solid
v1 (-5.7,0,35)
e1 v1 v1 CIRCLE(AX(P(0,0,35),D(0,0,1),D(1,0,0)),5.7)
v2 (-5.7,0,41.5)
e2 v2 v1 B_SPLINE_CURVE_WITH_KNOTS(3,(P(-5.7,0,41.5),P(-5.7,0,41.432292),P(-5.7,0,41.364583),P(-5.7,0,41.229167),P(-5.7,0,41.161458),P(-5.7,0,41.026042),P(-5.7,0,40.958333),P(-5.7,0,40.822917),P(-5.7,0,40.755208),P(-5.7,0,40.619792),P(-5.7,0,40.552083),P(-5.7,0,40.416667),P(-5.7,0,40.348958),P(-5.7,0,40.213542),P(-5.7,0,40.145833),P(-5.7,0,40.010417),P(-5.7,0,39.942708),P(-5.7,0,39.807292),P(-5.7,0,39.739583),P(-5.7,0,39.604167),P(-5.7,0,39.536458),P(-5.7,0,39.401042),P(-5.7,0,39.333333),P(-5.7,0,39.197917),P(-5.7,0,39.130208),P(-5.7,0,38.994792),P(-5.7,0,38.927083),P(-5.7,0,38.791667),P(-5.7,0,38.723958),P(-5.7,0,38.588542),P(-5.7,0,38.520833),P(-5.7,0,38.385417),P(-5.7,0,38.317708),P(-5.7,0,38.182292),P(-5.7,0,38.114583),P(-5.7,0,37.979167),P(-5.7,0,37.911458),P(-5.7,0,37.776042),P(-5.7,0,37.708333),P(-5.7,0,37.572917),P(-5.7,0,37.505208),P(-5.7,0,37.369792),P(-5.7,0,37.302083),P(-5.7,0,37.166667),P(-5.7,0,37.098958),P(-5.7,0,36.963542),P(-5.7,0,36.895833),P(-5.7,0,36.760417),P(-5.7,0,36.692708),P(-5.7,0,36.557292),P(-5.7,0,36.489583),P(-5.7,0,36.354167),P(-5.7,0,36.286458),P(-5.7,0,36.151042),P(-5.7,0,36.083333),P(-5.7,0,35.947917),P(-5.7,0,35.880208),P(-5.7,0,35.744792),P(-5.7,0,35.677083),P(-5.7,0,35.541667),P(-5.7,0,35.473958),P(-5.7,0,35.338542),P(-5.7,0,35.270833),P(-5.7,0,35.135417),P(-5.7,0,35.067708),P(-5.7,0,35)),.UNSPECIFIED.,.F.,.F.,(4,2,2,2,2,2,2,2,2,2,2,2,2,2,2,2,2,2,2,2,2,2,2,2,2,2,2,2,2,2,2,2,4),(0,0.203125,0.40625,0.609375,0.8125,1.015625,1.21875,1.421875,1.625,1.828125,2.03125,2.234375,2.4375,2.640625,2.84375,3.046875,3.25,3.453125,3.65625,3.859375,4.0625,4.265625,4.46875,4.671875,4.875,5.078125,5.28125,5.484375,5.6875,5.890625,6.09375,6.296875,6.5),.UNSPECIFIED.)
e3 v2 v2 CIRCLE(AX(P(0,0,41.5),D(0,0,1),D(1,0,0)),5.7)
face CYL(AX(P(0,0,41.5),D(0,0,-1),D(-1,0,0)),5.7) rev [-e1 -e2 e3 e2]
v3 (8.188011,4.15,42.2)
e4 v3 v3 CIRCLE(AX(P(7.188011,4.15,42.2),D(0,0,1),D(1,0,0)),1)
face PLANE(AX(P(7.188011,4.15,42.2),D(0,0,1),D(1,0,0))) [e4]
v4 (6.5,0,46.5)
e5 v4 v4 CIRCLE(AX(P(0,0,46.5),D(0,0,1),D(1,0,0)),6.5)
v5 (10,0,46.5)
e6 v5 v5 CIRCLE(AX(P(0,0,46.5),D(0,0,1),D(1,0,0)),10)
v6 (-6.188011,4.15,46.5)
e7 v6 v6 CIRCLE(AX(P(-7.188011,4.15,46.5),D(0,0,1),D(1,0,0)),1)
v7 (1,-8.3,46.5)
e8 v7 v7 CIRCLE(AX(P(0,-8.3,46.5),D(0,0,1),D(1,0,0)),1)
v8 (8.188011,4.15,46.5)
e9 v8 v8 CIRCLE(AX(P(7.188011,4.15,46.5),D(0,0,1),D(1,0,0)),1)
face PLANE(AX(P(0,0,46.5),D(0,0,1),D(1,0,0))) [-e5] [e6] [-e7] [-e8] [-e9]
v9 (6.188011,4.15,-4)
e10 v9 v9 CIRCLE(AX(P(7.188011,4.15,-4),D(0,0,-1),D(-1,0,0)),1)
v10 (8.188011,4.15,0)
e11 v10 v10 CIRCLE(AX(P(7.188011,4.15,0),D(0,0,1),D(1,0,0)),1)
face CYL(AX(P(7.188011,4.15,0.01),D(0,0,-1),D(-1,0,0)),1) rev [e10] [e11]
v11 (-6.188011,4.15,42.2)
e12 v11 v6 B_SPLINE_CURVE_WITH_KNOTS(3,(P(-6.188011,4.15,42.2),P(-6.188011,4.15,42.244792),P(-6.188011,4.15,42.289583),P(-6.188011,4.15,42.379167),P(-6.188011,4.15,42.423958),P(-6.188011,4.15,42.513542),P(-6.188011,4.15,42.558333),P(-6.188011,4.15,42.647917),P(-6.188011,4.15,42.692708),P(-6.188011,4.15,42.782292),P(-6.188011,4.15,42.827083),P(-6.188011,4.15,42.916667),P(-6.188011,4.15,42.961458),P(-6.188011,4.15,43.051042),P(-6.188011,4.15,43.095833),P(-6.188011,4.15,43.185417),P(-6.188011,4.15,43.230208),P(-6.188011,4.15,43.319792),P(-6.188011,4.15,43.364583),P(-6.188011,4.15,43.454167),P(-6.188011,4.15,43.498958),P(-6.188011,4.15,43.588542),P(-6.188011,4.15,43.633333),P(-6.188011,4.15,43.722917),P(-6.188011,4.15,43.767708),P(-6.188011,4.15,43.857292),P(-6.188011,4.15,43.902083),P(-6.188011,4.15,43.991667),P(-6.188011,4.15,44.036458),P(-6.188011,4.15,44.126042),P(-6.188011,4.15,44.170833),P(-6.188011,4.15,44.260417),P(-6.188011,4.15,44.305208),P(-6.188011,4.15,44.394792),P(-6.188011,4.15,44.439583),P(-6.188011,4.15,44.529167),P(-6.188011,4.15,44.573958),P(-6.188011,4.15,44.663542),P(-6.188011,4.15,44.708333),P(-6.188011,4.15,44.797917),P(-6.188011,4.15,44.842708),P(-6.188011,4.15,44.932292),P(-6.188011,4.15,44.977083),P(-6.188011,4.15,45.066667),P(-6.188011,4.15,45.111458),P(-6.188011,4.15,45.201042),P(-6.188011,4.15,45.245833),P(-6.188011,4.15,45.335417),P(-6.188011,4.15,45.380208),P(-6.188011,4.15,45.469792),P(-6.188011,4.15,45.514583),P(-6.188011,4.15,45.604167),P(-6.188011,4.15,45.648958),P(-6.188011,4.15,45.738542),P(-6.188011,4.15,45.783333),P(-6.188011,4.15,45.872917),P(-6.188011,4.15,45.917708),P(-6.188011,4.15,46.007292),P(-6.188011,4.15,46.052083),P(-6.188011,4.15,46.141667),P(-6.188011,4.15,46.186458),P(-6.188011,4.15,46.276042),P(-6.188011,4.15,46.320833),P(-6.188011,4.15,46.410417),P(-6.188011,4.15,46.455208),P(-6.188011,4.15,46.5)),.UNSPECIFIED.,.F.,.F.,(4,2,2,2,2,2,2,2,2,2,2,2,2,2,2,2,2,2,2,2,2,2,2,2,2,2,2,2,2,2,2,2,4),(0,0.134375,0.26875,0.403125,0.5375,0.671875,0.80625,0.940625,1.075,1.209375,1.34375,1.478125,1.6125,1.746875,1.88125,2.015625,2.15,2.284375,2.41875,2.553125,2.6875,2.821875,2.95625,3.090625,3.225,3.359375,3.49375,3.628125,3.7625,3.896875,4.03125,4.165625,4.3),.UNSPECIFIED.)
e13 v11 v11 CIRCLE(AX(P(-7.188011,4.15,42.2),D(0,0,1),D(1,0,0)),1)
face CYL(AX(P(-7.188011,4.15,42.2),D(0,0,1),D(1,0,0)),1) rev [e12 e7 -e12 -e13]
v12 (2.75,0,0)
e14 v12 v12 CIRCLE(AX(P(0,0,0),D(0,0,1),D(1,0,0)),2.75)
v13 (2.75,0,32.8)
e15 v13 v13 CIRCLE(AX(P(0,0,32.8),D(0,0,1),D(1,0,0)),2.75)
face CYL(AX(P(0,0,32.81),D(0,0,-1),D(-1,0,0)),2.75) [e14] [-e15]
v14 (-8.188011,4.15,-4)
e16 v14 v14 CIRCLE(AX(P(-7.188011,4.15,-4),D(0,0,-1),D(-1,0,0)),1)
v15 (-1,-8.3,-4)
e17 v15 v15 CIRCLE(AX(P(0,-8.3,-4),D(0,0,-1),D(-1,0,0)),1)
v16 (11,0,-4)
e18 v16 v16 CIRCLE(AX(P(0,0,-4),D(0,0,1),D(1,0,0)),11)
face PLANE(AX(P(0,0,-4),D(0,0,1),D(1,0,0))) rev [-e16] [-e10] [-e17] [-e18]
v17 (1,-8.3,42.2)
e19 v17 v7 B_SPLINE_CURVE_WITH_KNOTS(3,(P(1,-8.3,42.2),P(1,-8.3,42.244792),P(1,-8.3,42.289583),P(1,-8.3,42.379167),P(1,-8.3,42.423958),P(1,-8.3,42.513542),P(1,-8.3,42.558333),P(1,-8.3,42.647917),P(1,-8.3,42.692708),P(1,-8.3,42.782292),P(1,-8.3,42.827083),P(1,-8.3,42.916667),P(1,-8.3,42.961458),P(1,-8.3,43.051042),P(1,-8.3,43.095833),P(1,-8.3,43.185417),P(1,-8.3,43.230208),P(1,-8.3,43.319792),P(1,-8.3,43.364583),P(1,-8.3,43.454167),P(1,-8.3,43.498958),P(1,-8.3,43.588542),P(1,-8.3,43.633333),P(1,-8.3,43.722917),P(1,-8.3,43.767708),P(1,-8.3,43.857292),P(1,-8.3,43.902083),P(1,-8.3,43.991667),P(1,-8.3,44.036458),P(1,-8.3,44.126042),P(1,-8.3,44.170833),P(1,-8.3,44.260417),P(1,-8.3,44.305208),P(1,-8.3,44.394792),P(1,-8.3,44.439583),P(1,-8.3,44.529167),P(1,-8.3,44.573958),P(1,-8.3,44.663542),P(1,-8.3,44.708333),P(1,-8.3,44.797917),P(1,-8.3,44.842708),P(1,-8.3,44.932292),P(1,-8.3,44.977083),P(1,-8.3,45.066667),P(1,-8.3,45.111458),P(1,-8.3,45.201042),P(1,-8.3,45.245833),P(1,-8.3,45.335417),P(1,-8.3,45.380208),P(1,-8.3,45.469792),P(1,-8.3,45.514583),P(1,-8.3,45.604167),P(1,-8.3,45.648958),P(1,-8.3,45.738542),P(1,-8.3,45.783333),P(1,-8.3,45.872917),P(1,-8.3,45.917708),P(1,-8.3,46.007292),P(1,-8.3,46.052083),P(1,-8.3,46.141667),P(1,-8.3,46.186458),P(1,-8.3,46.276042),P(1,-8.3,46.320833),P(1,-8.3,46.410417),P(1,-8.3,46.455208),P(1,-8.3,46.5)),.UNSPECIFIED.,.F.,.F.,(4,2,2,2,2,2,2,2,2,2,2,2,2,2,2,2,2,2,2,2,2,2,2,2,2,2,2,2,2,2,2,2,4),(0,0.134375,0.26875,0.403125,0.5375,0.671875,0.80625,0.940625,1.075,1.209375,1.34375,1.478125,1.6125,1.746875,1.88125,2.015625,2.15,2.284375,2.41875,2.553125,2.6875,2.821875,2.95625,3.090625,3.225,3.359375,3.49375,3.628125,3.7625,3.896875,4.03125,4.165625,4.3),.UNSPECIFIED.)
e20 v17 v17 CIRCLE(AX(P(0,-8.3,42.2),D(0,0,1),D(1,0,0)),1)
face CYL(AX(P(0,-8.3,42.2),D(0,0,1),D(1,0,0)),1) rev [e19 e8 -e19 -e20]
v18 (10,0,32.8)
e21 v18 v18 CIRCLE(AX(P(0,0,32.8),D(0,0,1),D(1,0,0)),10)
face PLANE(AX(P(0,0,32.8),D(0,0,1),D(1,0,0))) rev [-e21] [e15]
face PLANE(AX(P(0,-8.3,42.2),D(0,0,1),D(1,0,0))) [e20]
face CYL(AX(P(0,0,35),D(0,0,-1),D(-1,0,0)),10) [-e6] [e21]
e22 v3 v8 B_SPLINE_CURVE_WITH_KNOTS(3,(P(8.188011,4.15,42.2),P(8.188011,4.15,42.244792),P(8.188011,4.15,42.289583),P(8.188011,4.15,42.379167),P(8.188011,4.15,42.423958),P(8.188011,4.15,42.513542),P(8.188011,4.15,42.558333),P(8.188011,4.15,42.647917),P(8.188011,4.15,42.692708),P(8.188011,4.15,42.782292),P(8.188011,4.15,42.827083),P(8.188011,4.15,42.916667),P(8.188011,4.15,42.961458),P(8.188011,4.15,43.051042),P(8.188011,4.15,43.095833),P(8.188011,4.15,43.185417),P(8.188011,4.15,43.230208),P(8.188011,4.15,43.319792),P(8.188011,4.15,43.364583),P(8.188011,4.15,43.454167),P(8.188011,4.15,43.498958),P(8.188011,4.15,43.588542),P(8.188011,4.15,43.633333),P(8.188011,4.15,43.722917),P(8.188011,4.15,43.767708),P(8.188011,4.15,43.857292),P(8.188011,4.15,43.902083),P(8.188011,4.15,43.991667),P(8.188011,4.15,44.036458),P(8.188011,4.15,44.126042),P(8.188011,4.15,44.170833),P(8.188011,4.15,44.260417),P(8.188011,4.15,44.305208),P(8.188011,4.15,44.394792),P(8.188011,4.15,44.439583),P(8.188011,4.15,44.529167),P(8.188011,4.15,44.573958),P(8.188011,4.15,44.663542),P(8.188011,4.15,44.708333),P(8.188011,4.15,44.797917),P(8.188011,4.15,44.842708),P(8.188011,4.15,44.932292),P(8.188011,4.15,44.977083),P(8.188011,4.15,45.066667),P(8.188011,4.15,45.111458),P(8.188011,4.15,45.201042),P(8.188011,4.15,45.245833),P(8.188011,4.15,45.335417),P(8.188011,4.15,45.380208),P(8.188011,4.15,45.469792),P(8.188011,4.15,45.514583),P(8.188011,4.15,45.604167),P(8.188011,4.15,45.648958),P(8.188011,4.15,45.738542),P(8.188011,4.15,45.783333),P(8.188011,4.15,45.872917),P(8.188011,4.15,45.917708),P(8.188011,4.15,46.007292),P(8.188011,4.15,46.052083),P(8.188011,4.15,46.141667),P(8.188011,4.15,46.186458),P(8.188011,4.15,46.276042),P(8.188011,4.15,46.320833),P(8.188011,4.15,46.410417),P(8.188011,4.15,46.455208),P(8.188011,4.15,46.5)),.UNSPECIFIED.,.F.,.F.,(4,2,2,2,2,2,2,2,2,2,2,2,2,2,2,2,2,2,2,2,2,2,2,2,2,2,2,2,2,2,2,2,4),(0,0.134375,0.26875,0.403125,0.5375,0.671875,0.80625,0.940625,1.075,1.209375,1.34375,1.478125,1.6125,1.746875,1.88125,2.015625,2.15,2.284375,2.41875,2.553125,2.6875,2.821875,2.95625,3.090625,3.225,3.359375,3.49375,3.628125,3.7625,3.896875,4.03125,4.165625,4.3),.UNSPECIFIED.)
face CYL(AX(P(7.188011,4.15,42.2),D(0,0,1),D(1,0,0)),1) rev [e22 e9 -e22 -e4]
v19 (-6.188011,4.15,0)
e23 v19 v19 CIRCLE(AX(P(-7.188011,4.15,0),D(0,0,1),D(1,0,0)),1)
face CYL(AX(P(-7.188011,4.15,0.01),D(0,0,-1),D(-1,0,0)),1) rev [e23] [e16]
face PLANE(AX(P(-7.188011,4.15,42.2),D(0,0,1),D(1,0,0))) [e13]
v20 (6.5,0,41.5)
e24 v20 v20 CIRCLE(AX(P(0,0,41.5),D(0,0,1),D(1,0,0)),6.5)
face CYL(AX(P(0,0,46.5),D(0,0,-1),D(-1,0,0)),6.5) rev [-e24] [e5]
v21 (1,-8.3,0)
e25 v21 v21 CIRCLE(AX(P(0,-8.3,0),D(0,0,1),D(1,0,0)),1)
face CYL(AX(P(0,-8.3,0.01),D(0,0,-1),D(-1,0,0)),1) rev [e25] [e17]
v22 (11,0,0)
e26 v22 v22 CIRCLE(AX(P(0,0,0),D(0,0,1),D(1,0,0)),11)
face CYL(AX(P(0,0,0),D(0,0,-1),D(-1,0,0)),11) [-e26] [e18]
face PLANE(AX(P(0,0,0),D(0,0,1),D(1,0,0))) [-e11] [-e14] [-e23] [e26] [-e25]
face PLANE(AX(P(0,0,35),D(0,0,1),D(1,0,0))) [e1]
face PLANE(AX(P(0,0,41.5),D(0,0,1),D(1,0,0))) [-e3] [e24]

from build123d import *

# Parameters (mm, degrees)
MOUNTING_FLANGE_START                          = -4
SKETCH1_R                                      = 11
MOUNTING_FLANGE_DEPTH                          = 4
SKETCH2_R                                      = 2.75
D5P5_CENTRAL_POST_DEPTH                        = 32.81
CLOSED_FLOOR_BELOW_SHAFT_NOSE_START            = 32.8
SKETCH3_R                                      = 10
CLOSED_FLOOR_BELOW_SHAFT_NOSE_DEPTH            = 2.2
SHAFT_AND_CLIP_CLEARANCE_START                 = 35
SKETCH4_R                                      = 10
SKETCH4_R_2                                    = 5.7
SHAFT_AND_CLIP_CLEARANCE_DEPTH                 = 6.5
LOWER_686ZZ_SEAT_START                         = 41.5
SKETCH5_R                                      = 10
SKETCH5_R_2                                    = 6.5
LOWER_686ZZ_SEAT_DEPTH                         = 5
SKETCH6_R                                      = 1
BASE_THREE_M2_THROUGH_THREAD_MAJOR_ENVEL_DEPTH = 4.01
TOP_CAP_THREE_M2_BLIND_THREAD_MAJOR_ENVE_START = -4.3
SKETCH7_R                                      = 1
TOP_CAP_THREE_M2_BLIND_THREAD_MAJOR_ENVE_DEPTH = 4.3


with BuildPart() as part:
    # Sketch1 → Mounting_Flange (new body)
    with BuildSketch(Plane.XY.offset(MOUNTING_FLANGE_START)):
        Circle(SKETCH1_R)
    extrude(amount=MOUNTING_FLANGE_DEPTH)

    # Sketch2 → D5p5_Central_Post (add)
    with BuildSketch(Plane.XY):
        Circle(SKETCH2_R)
    extrude(amount=D5P5_CENTRAL_POST_DEPTH)

    # Sketch3 → Closed_Floor_Below_Shaft_Nose (add)
    with BuildSketch(Plane.XY.offset(CLOSED_FLOOR_BELOW_SHAFT_NOSE_START)):
        Circle(SKETCH3_R)
    extrude(amount=CLOSED_FLOOR_BELOW_SHAFT_NOSE_DEPTH)

    # Sketch4 → Shaft_And_Clip_Clearance (add)
    with BuildSketch(Plane.XY.offset(SHAFT_AND_CLIP_CLEARANCE_START)):
        Circle(SKETCH4_R)
        with Locations(Location((0, 0, 0), (0, 0, 180))):
            Circle(SKETCH4_R_2, mode=Mode.SUBTRACT)
    extrude(amount=SHAFT_AND_CLIP_CLEARANCE_DEPTH)

    # Sketch5 → Lower_686ZZ_Seat (add)
    with BuildSketch(Plane.XY.offset(LOWER_686ZZ_SEAT_START)):
        Circle(SKETCH5_R)
        Circle(SKETCH5_R_2, mode=Mode.SUBTRACT)
    extrude(amount=LOWER_686ZZ_SEAT_DEPTH)

    # Sketch6 → Base_Three_M2_Through_Thread_Major_Envelopes (cut)
    with BuildSketch(Plane(origin=(0, 0, -4), x_dir=(-1, 0, 0), z_dir=(0, 0, -1))):
        with Locations((-7.188010851, 4.15)):
            Circle(SKETCH6_R)
        with Locations((7.188010851, 4.15)):
            Circle(SKETCH6_R)
        with Locations((0, -8.3)):
            Circle(SKETCH6_R)
    extrude(amount=-BASE_THREE_M2_THROUGH_THREAD_MAJOR_ENVEL_DEPTH, mode=Mode.SUBTRACT)

    # Sketch7 → Top_Cap_Three_M2_Blind_Thread_Major_Envelopes (cut)
    with BuildSketch(Plane.XY.offset(46.5).offset(TOP_CAP_THREE_M2_BLIND_THREAD_MAJOR_ENVE_START)):
        with Locations(Location((7.188010851, 4.15, 0), (0, 0, 180))):
            Circle(SKETCH7_R)
        with Locations(Location((-7.188010851, 4.15, 0), (0, 0, 180))):
            Circle(SKETCH7_R)
        with Locations(Location((0, -8.3, 0), (0, 0, 180))):
            Circle(SKETCH7_R)
    extrude(amount=TOP_CAP_THREE_M2_BLIND_THREAD_MAJOR_ENVE_DEPTH, mode=Mode.SUBTRACT)


solid = part.part
